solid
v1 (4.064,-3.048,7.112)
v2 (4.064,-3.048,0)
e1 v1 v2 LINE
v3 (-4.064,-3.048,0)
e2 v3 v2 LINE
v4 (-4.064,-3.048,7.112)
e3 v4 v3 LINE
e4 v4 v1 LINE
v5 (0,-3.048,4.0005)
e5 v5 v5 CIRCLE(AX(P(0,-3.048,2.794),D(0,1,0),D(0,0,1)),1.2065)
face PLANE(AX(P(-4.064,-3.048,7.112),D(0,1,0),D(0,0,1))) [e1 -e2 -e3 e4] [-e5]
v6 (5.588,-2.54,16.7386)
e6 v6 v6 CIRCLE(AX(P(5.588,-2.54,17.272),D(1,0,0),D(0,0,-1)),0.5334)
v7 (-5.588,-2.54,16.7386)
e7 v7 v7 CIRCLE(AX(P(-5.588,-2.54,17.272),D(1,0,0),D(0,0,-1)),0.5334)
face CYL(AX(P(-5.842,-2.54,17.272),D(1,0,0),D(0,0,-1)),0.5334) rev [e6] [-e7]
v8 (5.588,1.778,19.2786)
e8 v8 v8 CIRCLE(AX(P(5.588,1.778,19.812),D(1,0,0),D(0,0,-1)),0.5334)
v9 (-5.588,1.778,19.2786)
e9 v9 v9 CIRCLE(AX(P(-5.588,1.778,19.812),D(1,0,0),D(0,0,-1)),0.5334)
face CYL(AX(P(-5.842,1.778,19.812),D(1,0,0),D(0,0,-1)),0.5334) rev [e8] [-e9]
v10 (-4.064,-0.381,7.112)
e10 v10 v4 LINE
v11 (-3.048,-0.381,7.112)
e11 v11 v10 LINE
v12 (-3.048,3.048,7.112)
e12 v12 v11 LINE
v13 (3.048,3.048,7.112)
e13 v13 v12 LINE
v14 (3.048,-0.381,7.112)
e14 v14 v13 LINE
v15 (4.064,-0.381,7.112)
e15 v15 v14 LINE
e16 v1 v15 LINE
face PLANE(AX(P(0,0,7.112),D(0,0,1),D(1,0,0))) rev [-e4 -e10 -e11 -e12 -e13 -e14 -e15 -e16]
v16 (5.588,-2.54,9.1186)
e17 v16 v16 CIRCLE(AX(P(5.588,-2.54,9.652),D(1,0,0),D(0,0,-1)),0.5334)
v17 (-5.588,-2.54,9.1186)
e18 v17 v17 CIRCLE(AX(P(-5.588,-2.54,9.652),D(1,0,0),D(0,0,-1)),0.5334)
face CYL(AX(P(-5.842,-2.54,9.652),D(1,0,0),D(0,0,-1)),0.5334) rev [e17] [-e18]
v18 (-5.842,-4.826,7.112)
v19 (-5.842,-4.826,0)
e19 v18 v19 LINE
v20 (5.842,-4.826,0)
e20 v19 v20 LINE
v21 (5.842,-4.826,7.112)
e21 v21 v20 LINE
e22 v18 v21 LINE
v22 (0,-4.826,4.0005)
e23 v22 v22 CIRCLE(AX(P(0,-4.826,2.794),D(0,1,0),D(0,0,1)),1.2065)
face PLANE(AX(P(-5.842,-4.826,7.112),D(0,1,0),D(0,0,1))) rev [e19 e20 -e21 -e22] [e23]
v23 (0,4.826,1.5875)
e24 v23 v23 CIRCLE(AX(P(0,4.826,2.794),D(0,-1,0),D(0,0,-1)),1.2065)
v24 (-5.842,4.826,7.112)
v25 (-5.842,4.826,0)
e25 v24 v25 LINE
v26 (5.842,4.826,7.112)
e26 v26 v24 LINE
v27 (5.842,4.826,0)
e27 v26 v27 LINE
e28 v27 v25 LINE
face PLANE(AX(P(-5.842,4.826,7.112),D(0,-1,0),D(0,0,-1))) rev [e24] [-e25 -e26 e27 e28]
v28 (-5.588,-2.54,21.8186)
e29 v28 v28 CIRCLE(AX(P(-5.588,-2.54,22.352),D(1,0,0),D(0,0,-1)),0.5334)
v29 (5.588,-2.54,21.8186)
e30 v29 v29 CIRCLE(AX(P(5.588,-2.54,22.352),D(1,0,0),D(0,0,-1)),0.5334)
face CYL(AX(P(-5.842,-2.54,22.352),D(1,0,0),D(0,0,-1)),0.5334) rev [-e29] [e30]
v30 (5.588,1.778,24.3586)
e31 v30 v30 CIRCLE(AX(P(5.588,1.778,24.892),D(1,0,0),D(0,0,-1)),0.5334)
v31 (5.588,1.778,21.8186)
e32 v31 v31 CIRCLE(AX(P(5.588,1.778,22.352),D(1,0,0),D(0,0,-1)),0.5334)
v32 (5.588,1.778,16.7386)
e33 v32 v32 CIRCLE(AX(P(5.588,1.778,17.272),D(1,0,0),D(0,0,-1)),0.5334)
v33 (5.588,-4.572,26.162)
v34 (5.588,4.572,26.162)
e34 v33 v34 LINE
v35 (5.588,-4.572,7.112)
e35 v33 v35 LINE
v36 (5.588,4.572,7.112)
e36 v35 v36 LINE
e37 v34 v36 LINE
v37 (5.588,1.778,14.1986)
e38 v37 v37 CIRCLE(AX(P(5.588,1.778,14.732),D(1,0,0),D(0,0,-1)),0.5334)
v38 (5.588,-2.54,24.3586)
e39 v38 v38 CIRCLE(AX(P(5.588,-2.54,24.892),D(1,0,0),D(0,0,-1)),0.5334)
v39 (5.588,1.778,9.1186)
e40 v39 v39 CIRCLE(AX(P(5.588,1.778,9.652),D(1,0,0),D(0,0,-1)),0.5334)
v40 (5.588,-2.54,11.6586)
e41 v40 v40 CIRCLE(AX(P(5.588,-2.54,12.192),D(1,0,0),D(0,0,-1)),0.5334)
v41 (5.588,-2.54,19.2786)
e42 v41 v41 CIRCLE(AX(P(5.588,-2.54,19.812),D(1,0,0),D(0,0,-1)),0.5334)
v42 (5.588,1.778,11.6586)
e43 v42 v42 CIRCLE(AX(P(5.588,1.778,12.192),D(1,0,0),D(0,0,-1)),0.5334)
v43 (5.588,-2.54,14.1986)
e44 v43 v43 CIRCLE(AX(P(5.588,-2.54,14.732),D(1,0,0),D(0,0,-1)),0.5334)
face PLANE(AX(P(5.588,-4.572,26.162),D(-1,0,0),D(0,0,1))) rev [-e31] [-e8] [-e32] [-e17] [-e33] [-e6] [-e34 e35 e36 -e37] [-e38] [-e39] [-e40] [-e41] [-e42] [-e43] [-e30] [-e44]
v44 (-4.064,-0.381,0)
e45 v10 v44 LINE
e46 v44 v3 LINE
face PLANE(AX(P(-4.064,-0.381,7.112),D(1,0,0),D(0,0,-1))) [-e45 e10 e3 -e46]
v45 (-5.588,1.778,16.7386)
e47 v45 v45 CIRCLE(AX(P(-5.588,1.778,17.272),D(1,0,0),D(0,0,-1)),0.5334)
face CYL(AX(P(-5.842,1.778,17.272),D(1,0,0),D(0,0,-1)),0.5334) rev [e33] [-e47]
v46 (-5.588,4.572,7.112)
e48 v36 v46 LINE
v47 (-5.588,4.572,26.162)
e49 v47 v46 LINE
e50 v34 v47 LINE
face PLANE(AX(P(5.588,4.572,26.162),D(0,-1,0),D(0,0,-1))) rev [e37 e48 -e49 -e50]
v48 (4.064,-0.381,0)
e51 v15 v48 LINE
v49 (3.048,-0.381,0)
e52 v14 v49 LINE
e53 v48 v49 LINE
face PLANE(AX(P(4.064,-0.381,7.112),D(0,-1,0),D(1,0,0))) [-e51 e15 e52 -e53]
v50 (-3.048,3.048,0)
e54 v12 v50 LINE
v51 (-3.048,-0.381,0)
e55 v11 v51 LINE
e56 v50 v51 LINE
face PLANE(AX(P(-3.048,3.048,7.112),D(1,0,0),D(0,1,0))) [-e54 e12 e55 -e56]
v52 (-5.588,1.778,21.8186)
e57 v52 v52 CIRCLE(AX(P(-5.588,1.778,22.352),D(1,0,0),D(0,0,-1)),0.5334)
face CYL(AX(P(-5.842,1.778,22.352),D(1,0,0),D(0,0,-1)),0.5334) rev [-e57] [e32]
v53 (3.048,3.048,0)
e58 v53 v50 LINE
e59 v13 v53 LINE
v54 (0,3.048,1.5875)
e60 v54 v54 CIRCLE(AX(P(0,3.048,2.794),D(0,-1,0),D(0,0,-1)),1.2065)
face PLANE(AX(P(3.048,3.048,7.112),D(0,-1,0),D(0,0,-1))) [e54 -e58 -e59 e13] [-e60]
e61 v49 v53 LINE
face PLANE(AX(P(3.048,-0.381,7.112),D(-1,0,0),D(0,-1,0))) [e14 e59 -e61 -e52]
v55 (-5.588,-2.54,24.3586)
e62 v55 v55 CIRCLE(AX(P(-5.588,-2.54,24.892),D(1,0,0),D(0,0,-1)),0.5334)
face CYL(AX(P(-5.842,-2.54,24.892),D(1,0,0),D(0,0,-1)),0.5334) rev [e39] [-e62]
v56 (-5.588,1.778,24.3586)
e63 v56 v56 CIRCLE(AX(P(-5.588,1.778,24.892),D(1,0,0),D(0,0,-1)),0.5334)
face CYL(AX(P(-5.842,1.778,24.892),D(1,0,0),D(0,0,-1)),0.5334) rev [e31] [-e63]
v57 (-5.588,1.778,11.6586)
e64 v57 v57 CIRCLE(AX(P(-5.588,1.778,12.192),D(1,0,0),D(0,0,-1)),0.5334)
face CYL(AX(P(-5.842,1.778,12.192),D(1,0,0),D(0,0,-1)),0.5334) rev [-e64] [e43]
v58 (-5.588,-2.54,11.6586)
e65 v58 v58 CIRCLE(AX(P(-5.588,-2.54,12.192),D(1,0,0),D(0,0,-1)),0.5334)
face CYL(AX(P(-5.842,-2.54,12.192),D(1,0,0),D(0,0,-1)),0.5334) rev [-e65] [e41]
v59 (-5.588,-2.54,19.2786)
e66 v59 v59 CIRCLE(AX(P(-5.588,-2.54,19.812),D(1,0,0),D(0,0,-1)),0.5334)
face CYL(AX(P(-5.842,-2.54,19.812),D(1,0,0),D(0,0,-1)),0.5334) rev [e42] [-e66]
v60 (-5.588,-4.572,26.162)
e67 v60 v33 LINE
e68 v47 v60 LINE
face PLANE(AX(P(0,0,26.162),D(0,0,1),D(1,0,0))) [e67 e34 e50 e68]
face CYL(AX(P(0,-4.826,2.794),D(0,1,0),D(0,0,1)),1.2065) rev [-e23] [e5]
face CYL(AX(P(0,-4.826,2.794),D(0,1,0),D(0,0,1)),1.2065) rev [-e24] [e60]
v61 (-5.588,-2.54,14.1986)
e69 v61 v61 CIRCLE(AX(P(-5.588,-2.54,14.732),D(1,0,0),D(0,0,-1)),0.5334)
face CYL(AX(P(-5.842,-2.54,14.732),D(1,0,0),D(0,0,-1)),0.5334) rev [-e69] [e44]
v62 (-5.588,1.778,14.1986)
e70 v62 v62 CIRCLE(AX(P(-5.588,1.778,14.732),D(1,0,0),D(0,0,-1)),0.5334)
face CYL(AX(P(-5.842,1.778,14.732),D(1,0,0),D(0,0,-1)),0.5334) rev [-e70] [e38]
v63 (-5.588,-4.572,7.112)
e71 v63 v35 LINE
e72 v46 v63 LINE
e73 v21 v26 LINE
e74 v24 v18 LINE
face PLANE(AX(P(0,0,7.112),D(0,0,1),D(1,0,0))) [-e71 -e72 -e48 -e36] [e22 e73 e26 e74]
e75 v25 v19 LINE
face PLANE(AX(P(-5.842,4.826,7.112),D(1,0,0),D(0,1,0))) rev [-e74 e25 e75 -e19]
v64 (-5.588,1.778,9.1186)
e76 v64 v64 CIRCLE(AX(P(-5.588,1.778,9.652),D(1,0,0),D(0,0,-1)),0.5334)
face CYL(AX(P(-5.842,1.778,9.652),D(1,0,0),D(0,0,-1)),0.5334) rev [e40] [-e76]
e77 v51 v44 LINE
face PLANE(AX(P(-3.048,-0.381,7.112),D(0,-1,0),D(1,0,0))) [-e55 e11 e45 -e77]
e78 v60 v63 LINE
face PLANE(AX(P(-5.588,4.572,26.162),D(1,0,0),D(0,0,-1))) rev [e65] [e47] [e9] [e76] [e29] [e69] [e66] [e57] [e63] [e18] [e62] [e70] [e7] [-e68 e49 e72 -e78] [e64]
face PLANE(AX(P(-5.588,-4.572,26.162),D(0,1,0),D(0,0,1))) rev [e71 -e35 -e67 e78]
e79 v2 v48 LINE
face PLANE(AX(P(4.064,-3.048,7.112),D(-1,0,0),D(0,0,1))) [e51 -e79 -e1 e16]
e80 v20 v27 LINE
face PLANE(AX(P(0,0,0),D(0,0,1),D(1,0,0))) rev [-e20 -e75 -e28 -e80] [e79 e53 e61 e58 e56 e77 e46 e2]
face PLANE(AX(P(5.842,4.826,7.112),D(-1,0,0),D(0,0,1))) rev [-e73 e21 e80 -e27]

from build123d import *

# Parameters (mm, degrees)
SKETCH1_W               = 11.684
SKETCH1_H               = 9.652
BOSS_EXTRUDE1_DEPTH     = 7.112
CUT_EXTRUDE1_DEPTH      = 14.336814162
CUT_EXTRUDE1_DEPTH_BACK = 14.336814162
SKETCH2_R               = 1.2065
SKETCH7_W               = 11.176
SKETCH7_H               = 9.144
BOSS_EXTRUDE3_DEPTH     = 19.05
SKETCH9_R               = 0.5334
CUT_EXTRUDE2_DEPTH      = 29.954885943


with BuildPart() as part:
    # Sketch1 → Boss-Extrude1 (new body)
    with BuildSketch(Plane.XY):
        Rectangle(SKETCH1_W, SKETCH1_H)
        Polygon((-4.064, -3.048), (4.064, -3.048), (4.064, -0.381), (3.048, -0.381), (3.048, 3.048), (-3.048, 3.048), (-3.048, -0.381), (-4.064, -0.381), align=None, mode=Mode.SUBTRACT)
    extrude(amount=BOSS_EXTRUDE1_DEPTH)

    # Sketch2 → Cut-Extrude1 (cut, two sides: drawn at the far end of the back side and taken through both)
    with BuildSketch(Plane(origin=(0, 4.826, 0), x_dir=(1, 0, 0), z_dir=(0, 1, 0)).offset(-CUT_EXTRUDE1_DEPTH_BACK)):
        with Locations(Location((0, -2.794, 0), (0, 0, 90))):
            Circle(SKETCH2_R)
    extrude(amount=CUT_EXTRUDE1_DEPTH + CUT_EXTRUDE1_DEPTH_BACK, mode=Mode.SUBTRACT)

    # Sketch7 → Boss-Extrude3 (add)
    with BuildSketch(Plane.XY.offset(7.112)):
        Rectangle(SKETCH7_W, SKETCH7_H)
    extrude(amount=BOSS_EXTRUDE3_DEPTH)

    # Sketch9 → Cut-Extrude2 (cut, through all)
    with BuildSketch(Plane(origin=(5.588, 0, 0), x_dir=(0, 0, -1), z_dir=(1, 0, 0))):
        with Locations((-9.652, -2.54)):
            Circle(SKETCH9_R)
        with Locations((-12.192, -2.54)):
            Circle(SKETCH9_R)
        with Locations((-14.732, -2.54)):
            Circle(SKETCH9_R)
        with Locations((-17.272, -2.54)):
            Circle(SKETCH9_R)
        with Locations((-19.812, -2.54)):
            Circle(SKETCH9_R)
        with Locations((-22.352, -2.54)):
            Circle(SKETCH9_R)
        with Locations((-24.892, -2.54)):
            Circle(SKETCH9_R)
        with Locations((-12.192, 1.778)):
            Circle(SKETCH9_R)
        with Locations((-14.732, 1.778)):
            Circle(SKETCH9_R)
        with Locations((-17.272, 1.778)):
            Circle(SKETCH9_R)
        with Locations((-19.812, 1.778)):
            Circle(SKETCH9_R)
        with Locations((-22.352, 1.778)):
            Circle(SKETCH9_R)
        with Locations((-24.892, 1.778)):
            Circle(SKETCH9_R)
        with Locations((-9.652, 1.778)):
            Circle(SKETCH9_R)
    extrude(amount=-CUT_EXTRUDE2_DEPTH, mode=Mode.SUBTRACT)


solid = part.part
